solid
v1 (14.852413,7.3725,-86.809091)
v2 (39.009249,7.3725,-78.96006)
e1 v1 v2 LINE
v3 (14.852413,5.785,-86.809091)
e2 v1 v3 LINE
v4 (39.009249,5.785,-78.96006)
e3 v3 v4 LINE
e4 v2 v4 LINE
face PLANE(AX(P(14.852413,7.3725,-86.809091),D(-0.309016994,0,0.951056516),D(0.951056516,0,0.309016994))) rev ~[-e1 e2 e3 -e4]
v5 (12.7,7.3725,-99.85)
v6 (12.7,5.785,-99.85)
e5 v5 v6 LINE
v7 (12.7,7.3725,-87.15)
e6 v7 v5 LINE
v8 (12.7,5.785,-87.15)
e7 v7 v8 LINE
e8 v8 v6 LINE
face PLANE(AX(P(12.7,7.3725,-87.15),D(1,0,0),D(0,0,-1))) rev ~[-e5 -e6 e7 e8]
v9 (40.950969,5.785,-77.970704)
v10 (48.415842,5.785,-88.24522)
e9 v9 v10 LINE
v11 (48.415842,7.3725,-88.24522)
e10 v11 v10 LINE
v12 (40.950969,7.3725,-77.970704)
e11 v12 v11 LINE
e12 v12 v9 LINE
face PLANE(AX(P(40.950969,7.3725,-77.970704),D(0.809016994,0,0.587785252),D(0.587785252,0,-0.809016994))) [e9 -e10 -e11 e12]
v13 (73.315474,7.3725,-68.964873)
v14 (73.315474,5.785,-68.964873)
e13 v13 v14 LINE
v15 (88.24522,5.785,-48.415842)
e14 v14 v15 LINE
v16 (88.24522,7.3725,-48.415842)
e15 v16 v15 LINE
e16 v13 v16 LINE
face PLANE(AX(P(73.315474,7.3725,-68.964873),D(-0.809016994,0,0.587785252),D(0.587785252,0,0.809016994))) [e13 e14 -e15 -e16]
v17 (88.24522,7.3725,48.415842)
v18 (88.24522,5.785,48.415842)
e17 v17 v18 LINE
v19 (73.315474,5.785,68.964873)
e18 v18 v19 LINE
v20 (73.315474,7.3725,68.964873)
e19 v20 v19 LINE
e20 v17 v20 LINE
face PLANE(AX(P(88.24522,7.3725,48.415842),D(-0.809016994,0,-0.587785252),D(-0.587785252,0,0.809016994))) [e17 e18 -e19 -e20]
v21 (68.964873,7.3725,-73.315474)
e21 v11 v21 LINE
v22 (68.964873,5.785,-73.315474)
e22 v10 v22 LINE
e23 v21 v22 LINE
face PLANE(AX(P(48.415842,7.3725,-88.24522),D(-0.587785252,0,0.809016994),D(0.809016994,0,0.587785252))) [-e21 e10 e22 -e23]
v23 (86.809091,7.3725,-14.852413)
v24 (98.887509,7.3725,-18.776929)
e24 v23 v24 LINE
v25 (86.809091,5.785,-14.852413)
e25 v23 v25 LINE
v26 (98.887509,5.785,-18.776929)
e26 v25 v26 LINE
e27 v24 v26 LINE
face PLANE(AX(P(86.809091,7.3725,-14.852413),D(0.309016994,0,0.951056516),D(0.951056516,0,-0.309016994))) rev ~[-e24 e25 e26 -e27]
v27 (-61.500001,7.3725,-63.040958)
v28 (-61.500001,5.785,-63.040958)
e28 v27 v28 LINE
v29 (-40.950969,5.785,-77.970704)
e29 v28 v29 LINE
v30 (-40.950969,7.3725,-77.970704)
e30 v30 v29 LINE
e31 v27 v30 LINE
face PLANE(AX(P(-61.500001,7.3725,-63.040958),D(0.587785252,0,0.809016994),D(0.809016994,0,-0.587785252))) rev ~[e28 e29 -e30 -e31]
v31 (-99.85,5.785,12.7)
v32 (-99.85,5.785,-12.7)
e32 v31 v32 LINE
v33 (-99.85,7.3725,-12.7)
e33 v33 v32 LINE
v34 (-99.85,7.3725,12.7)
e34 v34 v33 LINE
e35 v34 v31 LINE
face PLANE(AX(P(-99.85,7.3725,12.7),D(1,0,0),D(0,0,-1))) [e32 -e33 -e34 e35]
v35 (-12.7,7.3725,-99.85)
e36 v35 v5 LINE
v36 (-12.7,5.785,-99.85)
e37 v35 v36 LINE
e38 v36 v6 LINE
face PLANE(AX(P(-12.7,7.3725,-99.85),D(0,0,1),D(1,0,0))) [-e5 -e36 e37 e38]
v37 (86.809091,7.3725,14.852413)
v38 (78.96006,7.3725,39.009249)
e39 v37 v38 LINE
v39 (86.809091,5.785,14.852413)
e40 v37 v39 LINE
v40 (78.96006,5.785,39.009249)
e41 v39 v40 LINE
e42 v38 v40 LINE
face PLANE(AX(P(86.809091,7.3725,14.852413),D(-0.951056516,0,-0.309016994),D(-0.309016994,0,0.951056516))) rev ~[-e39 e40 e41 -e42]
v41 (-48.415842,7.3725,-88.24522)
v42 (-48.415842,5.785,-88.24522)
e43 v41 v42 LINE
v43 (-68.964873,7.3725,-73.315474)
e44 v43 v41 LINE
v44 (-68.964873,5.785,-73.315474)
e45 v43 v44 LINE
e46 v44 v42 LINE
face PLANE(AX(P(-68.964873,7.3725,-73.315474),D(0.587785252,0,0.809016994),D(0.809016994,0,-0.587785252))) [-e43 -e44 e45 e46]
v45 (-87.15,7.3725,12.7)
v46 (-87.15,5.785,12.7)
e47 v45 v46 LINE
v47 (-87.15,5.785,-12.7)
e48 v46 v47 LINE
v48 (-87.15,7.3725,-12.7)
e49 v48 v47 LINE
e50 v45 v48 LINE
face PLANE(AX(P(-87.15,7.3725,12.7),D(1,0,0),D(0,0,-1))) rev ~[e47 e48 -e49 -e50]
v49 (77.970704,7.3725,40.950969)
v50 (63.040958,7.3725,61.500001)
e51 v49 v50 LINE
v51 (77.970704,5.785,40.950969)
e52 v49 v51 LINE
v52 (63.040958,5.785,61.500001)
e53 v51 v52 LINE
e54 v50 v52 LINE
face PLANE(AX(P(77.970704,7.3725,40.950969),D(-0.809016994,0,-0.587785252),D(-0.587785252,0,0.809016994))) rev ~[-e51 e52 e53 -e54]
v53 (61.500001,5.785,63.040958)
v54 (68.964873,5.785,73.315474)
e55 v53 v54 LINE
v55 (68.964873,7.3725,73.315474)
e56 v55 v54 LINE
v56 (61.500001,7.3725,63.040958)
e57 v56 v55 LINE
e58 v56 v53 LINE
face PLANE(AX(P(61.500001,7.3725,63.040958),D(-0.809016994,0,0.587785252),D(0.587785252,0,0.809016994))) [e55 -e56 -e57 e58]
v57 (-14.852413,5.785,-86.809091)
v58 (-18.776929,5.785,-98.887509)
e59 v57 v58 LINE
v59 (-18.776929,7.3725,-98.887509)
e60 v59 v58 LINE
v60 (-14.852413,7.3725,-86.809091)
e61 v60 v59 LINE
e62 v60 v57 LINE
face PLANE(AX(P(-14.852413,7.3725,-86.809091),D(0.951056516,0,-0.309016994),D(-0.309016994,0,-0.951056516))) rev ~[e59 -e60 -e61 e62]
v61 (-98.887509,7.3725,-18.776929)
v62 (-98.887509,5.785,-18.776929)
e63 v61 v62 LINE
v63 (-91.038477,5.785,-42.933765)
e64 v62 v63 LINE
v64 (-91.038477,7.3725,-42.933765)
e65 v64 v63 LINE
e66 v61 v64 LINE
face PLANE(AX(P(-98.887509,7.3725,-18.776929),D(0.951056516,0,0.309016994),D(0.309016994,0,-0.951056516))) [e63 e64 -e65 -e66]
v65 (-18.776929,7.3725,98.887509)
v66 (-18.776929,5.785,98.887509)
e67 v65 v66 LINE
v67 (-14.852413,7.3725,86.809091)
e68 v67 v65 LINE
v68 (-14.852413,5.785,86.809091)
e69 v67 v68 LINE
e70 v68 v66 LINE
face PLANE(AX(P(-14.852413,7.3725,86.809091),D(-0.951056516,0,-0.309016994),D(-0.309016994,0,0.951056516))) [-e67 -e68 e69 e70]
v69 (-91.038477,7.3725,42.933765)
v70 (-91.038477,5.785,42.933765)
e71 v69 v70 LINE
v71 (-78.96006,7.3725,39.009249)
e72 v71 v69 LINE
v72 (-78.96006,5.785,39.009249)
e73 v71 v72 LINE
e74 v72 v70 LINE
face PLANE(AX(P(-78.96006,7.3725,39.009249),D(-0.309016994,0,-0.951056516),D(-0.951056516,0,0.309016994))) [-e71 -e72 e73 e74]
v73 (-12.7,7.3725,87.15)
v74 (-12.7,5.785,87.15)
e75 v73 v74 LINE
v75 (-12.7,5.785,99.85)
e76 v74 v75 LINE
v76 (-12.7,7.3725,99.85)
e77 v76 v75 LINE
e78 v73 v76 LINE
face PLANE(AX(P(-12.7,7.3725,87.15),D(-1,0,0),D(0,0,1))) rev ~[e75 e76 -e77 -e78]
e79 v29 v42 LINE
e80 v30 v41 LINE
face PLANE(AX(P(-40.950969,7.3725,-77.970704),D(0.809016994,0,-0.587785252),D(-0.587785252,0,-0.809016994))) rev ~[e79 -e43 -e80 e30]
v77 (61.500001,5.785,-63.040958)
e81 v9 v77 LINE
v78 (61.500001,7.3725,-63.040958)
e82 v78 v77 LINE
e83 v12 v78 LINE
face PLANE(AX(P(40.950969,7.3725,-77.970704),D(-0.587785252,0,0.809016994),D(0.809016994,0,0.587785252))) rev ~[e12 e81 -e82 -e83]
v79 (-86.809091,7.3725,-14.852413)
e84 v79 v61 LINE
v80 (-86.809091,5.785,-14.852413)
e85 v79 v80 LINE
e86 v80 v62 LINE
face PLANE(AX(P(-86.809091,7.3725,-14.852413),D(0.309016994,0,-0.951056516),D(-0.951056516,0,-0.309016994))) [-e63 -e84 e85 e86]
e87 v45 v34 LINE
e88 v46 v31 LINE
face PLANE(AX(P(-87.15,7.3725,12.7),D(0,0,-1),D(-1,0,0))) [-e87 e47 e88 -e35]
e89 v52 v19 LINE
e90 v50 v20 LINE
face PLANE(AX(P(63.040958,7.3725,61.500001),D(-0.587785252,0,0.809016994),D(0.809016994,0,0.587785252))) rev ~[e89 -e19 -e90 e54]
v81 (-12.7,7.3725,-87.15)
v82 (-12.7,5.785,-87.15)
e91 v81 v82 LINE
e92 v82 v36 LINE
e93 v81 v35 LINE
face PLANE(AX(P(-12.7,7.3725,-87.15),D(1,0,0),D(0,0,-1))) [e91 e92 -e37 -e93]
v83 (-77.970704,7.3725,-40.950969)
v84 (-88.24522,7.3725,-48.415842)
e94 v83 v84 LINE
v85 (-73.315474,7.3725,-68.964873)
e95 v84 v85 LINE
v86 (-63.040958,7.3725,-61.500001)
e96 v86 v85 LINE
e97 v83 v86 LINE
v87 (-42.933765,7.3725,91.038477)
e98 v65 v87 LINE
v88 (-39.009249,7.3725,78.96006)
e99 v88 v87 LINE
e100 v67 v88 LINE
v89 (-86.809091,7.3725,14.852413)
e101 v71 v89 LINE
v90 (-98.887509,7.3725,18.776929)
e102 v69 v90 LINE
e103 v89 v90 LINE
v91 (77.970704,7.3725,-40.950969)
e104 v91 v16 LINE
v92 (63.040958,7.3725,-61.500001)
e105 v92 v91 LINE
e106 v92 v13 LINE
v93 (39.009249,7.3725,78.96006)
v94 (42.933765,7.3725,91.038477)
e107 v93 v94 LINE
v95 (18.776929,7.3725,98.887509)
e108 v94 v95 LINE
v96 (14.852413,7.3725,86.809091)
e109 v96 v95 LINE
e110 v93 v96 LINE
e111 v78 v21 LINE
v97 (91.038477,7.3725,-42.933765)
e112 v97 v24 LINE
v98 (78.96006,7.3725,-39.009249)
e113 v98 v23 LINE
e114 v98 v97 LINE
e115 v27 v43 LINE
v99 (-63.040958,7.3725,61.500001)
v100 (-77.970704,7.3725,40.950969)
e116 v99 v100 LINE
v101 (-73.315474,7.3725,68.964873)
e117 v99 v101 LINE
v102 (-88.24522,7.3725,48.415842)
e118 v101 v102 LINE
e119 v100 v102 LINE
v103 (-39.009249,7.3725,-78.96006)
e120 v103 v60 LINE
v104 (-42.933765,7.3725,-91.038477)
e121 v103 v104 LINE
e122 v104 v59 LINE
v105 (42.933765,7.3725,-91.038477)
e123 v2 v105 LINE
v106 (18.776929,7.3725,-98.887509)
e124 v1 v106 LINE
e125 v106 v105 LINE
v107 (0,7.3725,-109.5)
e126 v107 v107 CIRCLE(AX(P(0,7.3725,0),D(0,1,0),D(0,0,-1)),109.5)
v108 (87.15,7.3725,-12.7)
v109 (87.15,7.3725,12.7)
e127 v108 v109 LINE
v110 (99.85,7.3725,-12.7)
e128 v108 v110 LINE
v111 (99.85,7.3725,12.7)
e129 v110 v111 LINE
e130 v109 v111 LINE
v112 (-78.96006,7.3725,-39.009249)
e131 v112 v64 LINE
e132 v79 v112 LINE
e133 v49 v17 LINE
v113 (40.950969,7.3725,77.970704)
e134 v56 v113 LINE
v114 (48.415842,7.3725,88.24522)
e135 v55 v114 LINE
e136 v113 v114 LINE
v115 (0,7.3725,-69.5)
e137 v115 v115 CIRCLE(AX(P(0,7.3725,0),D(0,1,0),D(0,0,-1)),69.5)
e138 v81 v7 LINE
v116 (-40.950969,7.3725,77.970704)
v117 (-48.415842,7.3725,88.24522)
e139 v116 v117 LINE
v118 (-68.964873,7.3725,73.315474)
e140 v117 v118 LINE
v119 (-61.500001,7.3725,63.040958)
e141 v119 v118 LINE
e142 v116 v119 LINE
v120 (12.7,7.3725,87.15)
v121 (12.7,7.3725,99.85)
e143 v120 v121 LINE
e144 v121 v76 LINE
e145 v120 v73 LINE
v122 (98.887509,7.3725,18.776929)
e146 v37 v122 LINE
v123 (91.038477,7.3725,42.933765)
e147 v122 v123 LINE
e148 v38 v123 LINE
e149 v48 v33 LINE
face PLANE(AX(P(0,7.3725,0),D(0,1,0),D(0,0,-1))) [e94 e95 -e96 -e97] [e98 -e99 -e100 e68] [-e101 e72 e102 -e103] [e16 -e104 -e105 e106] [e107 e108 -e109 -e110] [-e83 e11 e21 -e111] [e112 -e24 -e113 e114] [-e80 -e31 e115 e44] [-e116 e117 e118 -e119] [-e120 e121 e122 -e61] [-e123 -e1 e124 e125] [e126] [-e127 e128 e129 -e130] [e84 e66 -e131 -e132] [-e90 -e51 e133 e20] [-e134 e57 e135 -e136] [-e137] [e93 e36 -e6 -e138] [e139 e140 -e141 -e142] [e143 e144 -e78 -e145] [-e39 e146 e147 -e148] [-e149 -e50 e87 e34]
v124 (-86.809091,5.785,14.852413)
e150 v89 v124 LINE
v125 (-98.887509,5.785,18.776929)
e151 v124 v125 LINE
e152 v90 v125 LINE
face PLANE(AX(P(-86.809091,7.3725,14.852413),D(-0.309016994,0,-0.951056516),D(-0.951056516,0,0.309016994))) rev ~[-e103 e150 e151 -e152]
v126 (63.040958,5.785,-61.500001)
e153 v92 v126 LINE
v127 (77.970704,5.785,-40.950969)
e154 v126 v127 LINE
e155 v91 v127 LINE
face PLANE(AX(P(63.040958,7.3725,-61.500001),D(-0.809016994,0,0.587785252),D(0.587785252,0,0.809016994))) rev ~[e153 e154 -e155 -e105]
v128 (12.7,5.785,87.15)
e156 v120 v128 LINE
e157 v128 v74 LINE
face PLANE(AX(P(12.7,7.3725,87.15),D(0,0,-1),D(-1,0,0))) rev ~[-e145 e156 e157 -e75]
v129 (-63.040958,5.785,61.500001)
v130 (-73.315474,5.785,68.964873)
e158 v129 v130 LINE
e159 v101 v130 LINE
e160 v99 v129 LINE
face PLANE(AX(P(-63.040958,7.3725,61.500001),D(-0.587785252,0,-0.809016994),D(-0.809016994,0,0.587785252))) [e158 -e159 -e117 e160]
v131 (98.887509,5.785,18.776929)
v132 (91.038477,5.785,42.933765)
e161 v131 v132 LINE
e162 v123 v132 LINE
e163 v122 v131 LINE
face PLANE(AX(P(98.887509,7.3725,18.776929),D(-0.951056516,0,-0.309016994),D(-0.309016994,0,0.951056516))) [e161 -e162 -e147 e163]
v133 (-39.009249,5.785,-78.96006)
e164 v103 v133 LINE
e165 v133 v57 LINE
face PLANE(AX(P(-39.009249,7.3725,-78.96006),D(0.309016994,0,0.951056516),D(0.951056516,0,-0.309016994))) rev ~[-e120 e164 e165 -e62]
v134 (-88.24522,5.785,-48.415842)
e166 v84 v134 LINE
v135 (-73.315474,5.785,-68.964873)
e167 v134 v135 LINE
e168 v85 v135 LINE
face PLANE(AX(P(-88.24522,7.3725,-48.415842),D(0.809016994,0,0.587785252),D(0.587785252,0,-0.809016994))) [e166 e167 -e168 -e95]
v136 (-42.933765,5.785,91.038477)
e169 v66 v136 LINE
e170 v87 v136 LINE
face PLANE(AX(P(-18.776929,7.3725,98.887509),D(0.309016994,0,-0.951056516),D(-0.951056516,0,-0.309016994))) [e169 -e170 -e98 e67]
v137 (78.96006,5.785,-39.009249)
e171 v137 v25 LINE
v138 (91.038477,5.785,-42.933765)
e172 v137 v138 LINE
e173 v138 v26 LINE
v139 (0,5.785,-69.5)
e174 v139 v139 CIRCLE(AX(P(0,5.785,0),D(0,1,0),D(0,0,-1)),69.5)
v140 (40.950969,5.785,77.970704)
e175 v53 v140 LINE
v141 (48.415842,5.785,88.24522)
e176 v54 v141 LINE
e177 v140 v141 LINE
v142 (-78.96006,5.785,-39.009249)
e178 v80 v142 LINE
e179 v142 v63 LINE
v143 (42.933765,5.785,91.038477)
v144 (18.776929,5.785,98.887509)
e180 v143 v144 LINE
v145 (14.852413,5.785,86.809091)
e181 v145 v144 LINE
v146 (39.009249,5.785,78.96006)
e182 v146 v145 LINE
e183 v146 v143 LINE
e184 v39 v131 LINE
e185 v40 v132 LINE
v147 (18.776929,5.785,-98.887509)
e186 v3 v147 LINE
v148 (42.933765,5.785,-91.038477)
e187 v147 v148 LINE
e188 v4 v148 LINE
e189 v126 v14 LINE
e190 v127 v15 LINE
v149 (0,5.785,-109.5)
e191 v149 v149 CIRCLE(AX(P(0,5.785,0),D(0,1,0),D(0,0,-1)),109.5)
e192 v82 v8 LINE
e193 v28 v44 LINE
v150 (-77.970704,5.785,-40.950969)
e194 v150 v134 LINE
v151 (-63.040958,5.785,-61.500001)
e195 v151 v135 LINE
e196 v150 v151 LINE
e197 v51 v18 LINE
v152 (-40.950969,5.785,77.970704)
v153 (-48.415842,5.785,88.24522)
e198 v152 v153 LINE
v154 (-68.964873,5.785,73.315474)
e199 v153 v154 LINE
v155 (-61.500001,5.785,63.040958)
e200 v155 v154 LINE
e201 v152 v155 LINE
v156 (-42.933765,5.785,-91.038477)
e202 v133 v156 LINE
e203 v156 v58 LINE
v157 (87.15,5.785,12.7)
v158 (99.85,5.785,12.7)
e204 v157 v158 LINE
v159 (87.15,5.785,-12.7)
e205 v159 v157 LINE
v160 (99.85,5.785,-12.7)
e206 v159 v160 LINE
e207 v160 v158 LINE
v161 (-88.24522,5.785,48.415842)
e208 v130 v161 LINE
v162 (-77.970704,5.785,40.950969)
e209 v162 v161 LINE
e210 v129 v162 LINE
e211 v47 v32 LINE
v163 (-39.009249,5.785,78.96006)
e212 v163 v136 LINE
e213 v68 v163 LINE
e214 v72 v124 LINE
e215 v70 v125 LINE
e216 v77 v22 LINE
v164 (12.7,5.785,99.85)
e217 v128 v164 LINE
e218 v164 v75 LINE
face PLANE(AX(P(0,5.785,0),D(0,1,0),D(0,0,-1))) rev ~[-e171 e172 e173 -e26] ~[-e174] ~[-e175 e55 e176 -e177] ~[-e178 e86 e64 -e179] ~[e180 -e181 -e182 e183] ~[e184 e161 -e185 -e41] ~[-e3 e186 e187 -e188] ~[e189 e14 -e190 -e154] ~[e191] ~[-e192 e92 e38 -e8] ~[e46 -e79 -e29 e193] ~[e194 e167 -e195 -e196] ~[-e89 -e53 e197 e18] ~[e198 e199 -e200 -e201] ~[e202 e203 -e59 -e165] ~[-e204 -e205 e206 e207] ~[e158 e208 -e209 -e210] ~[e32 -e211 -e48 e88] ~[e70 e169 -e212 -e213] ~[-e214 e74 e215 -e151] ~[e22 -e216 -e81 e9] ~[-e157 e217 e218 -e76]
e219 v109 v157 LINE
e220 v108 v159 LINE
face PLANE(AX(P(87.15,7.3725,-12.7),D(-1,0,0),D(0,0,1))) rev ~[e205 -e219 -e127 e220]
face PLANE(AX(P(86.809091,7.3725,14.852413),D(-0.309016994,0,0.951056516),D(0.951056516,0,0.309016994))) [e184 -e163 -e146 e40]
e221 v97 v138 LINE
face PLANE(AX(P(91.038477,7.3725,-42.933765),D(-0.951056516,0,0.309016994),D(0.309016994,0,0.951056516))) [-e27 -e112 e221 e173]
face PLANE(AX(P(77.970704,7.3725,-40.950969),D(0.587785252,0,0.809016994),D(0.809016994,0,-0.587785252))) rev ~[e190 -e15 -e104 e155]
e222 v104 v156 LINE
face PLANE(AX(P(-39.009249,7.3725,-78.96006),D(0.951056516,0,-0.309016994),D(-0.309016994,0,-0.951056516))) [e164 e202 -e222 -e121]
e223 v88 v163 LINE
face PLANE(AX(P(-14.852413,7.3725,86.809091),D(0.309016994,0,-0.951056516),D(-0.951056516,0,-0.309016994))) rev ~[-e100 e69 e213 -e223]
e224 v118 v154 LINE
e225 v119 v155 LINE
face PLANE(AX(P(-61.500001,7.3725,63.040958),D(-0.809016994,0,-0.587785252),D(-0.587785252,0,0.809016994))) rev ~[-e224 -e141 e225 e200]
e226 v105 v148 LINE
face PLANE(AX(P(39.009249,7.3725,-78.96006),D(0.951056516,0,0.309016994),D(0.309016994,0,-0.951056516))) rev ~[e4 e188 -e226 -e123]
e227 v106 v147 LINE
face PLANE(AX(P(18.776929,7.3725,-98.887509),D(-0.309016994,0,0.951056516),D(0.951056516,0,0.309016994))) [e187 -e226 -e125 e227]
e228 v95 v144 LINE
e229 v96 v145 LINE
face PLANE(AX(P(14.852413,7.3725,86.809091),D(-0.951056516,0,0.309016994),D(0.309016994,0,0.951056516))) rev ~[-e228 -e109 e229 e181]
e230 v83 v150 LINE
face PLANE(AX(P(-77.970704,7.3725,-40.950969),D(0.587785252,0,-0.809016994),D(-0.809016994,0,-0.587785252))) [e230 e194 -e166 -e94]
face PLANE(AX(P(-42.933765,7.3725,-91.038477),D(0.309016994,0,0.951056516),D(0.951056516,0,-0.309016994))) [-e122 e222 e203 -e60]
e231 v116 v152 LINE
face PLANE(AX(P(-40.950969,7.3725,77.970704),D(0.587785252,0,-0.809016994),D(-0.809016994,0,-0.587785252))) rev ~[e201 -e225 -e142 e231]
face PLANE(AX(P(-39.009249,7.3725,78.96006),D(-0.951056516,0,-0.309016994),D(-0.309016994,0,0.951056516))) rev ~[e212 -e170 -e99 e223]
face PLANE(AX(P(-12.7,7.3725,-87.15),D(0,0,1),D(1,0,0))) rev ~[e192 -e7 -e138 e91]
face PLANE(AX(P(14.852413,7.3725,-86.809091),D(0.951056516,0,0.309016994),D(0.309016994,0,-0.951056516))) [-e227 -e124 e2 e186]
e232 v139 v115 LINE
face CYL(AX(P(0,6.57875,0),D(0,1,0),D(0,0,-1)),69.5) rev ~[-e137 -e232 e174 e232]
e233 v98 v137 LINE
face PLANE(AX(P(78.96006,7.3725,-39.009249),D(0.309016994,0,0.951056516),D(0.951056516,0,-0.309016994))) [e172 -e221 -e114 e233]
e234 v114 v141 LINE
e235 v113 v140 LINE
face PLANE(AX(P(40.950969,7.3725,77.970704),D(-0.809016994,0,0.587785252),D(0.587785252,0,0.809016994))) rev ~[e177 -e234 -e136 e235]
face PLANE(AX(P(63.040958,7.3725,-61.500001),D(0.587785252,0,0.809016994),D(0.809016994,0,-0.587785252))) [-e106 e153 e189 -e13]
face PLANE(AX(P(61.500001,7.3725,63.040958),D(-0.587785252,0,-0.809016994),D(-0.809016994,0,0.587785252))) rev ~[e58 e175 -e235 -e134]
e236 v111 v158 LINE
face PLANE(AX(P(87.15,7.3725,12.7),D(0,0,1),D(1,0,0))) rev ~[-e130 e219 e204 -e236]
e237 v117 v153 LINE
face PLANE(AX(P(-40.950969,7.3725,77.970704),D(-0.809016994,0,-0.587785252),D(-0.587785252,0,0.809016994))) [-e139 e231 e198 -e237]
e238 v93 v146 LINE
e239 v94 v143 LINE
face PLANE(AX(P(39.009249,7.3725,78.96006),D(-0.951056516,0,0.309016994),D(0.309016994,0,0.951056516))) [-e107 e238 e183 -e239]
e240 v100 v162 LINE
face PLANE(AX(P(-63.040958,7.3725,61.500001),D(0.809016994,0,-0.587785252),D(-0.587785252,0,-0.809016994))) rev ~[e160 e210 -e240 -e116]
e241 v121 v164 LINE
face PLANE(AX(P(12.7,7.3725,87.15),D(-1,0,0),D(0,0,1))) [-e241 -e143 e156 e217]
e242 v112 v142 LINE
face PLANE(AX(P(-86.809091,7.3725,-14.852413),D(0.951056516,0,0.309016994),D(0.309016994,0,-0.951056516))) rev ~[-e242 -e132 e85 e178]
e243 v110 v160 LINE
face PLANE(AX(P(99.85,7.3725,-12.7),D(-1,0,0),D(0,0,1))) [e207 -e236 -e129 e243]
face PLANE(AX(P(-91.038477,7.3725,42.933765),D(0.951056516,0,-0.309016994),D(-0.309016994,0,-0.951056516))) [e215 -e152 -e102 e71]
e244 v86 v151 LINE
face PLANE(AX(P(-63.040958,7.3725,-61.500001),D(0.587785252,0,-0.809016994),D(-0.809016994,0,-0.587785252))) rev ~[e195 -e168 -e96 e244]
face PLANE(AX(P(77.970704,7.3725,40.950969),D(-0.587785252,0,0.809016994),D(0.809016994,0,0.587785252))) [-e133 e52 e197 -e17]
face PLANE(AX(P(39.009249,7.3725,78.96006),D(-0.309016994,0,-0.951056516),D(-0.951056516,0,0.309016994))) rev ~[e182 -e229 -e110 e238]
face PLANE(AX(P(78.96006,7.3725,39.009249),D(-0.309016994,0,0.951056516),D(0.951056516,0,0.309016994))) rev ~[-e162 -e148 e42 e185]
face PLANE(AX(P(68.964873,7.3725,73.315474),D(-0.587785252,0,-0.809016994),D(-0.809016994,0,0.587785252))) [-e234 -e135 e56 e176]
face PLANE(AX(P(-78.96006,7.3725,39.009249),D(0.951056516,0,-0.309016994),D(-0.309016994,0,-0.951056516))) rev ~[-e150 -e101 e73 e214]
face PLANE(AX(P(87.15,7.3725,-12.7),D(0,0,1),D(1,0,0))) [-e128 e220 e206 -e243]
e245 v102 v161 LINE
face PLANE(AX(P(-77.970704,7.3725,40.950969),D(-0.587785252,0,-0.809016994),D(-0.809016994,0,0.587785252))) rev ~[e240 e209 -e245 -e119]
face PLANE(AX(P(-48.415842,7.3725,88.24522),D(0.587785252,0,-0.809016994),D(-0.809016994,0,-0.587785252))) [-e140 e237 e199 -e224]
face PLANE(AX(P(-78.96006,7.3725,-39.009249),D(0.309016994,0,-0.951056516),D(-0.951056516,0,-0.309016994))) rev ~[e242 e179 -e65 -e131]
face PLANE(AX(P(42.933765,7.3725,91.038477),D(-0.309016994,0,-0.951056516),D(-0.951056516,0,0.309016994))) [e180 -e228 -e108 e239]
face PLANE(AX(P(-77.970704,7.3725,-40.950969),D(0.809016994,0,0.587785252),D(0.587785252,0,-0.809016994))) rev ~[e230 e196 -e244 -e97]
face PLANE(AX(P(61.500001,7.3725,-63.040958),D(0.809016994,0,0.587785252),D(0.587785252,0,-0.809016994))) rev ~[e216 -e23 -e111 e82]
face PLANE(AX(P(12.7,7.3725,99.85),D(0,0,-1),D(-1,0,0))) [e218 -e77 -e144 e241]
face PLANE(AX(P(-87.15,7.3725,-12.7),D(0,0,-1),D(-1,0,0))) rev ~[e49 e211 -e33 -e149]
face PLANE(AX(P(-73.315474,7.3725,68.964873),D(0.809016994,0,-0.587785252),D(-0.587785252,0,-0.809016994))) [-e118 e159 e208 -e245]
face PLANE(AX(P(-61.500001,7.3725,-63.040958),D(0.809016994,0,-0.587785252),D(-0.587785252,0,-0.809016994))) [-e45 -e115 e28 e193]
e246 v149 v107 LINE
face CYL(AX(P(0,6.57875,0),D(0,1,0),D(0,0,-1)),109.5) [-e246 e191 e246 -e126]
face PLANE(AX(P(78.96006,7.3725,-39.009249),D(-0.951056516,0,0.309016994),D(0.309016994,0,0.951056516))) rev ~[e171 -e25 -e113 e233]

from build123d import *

# Parameters (mm, degrees)
SKETCH1_W          = 40
SKETCH1_H          = 1.5875
SKETCH2_W          = 25.4
SKETCH2_H          = 12.7
CUT_EXTRUDE1_DEPTH = 155.864521942
CIRPATTERN1_COUNT  = 20


with BuildPart() as part:
    # Sketch1 → Revolve1 (revolve)
    with BuildSketch(Plane.XY, mode=Mode.PRIVATE) as revolve1_sk:
        with Locations((-89.5, 6.57875)):
            Rectangle(SKETCH1_W, SKETCH1_H)
    revolve(revolve1_sk.sketch.rotate(Axis((0, -200069.047495165, 0), (0, 1, 0)), 270), axis=Axis((0, -200069.047495165, 0), (0, 1, 0)))

    # Sketch2 → Cut-Extrude1 (cut, through all)
    with BuildSketch(Plane(origin=(0, 7.3725, 0), x_dir=(1, 0, 0), z_dir=(0, 1, 0))):
        with Locations((0, 93.5)):
            Rectangle(SKETCH2_W, SKETCH2_H)
    cut_extrude1 = extrude(amount=-CUT_EXTRUDE1_DEPTH, mode=Mode.SUBTRACT)

    # CirPattern1: Cut-Extrude1 ×20 about axis
    cirpattern1_axis = Axis((0, 0, 0), (0, 1, 0))
    for i in range(1, CIRPATTERN1_COUNT):
        add(cut_extrude1.rotate(cirpattern1_axis, i * 360 / CIRPATTERN1_COUNT), mode=Mode.SUBTRACT)


solid = part.part
